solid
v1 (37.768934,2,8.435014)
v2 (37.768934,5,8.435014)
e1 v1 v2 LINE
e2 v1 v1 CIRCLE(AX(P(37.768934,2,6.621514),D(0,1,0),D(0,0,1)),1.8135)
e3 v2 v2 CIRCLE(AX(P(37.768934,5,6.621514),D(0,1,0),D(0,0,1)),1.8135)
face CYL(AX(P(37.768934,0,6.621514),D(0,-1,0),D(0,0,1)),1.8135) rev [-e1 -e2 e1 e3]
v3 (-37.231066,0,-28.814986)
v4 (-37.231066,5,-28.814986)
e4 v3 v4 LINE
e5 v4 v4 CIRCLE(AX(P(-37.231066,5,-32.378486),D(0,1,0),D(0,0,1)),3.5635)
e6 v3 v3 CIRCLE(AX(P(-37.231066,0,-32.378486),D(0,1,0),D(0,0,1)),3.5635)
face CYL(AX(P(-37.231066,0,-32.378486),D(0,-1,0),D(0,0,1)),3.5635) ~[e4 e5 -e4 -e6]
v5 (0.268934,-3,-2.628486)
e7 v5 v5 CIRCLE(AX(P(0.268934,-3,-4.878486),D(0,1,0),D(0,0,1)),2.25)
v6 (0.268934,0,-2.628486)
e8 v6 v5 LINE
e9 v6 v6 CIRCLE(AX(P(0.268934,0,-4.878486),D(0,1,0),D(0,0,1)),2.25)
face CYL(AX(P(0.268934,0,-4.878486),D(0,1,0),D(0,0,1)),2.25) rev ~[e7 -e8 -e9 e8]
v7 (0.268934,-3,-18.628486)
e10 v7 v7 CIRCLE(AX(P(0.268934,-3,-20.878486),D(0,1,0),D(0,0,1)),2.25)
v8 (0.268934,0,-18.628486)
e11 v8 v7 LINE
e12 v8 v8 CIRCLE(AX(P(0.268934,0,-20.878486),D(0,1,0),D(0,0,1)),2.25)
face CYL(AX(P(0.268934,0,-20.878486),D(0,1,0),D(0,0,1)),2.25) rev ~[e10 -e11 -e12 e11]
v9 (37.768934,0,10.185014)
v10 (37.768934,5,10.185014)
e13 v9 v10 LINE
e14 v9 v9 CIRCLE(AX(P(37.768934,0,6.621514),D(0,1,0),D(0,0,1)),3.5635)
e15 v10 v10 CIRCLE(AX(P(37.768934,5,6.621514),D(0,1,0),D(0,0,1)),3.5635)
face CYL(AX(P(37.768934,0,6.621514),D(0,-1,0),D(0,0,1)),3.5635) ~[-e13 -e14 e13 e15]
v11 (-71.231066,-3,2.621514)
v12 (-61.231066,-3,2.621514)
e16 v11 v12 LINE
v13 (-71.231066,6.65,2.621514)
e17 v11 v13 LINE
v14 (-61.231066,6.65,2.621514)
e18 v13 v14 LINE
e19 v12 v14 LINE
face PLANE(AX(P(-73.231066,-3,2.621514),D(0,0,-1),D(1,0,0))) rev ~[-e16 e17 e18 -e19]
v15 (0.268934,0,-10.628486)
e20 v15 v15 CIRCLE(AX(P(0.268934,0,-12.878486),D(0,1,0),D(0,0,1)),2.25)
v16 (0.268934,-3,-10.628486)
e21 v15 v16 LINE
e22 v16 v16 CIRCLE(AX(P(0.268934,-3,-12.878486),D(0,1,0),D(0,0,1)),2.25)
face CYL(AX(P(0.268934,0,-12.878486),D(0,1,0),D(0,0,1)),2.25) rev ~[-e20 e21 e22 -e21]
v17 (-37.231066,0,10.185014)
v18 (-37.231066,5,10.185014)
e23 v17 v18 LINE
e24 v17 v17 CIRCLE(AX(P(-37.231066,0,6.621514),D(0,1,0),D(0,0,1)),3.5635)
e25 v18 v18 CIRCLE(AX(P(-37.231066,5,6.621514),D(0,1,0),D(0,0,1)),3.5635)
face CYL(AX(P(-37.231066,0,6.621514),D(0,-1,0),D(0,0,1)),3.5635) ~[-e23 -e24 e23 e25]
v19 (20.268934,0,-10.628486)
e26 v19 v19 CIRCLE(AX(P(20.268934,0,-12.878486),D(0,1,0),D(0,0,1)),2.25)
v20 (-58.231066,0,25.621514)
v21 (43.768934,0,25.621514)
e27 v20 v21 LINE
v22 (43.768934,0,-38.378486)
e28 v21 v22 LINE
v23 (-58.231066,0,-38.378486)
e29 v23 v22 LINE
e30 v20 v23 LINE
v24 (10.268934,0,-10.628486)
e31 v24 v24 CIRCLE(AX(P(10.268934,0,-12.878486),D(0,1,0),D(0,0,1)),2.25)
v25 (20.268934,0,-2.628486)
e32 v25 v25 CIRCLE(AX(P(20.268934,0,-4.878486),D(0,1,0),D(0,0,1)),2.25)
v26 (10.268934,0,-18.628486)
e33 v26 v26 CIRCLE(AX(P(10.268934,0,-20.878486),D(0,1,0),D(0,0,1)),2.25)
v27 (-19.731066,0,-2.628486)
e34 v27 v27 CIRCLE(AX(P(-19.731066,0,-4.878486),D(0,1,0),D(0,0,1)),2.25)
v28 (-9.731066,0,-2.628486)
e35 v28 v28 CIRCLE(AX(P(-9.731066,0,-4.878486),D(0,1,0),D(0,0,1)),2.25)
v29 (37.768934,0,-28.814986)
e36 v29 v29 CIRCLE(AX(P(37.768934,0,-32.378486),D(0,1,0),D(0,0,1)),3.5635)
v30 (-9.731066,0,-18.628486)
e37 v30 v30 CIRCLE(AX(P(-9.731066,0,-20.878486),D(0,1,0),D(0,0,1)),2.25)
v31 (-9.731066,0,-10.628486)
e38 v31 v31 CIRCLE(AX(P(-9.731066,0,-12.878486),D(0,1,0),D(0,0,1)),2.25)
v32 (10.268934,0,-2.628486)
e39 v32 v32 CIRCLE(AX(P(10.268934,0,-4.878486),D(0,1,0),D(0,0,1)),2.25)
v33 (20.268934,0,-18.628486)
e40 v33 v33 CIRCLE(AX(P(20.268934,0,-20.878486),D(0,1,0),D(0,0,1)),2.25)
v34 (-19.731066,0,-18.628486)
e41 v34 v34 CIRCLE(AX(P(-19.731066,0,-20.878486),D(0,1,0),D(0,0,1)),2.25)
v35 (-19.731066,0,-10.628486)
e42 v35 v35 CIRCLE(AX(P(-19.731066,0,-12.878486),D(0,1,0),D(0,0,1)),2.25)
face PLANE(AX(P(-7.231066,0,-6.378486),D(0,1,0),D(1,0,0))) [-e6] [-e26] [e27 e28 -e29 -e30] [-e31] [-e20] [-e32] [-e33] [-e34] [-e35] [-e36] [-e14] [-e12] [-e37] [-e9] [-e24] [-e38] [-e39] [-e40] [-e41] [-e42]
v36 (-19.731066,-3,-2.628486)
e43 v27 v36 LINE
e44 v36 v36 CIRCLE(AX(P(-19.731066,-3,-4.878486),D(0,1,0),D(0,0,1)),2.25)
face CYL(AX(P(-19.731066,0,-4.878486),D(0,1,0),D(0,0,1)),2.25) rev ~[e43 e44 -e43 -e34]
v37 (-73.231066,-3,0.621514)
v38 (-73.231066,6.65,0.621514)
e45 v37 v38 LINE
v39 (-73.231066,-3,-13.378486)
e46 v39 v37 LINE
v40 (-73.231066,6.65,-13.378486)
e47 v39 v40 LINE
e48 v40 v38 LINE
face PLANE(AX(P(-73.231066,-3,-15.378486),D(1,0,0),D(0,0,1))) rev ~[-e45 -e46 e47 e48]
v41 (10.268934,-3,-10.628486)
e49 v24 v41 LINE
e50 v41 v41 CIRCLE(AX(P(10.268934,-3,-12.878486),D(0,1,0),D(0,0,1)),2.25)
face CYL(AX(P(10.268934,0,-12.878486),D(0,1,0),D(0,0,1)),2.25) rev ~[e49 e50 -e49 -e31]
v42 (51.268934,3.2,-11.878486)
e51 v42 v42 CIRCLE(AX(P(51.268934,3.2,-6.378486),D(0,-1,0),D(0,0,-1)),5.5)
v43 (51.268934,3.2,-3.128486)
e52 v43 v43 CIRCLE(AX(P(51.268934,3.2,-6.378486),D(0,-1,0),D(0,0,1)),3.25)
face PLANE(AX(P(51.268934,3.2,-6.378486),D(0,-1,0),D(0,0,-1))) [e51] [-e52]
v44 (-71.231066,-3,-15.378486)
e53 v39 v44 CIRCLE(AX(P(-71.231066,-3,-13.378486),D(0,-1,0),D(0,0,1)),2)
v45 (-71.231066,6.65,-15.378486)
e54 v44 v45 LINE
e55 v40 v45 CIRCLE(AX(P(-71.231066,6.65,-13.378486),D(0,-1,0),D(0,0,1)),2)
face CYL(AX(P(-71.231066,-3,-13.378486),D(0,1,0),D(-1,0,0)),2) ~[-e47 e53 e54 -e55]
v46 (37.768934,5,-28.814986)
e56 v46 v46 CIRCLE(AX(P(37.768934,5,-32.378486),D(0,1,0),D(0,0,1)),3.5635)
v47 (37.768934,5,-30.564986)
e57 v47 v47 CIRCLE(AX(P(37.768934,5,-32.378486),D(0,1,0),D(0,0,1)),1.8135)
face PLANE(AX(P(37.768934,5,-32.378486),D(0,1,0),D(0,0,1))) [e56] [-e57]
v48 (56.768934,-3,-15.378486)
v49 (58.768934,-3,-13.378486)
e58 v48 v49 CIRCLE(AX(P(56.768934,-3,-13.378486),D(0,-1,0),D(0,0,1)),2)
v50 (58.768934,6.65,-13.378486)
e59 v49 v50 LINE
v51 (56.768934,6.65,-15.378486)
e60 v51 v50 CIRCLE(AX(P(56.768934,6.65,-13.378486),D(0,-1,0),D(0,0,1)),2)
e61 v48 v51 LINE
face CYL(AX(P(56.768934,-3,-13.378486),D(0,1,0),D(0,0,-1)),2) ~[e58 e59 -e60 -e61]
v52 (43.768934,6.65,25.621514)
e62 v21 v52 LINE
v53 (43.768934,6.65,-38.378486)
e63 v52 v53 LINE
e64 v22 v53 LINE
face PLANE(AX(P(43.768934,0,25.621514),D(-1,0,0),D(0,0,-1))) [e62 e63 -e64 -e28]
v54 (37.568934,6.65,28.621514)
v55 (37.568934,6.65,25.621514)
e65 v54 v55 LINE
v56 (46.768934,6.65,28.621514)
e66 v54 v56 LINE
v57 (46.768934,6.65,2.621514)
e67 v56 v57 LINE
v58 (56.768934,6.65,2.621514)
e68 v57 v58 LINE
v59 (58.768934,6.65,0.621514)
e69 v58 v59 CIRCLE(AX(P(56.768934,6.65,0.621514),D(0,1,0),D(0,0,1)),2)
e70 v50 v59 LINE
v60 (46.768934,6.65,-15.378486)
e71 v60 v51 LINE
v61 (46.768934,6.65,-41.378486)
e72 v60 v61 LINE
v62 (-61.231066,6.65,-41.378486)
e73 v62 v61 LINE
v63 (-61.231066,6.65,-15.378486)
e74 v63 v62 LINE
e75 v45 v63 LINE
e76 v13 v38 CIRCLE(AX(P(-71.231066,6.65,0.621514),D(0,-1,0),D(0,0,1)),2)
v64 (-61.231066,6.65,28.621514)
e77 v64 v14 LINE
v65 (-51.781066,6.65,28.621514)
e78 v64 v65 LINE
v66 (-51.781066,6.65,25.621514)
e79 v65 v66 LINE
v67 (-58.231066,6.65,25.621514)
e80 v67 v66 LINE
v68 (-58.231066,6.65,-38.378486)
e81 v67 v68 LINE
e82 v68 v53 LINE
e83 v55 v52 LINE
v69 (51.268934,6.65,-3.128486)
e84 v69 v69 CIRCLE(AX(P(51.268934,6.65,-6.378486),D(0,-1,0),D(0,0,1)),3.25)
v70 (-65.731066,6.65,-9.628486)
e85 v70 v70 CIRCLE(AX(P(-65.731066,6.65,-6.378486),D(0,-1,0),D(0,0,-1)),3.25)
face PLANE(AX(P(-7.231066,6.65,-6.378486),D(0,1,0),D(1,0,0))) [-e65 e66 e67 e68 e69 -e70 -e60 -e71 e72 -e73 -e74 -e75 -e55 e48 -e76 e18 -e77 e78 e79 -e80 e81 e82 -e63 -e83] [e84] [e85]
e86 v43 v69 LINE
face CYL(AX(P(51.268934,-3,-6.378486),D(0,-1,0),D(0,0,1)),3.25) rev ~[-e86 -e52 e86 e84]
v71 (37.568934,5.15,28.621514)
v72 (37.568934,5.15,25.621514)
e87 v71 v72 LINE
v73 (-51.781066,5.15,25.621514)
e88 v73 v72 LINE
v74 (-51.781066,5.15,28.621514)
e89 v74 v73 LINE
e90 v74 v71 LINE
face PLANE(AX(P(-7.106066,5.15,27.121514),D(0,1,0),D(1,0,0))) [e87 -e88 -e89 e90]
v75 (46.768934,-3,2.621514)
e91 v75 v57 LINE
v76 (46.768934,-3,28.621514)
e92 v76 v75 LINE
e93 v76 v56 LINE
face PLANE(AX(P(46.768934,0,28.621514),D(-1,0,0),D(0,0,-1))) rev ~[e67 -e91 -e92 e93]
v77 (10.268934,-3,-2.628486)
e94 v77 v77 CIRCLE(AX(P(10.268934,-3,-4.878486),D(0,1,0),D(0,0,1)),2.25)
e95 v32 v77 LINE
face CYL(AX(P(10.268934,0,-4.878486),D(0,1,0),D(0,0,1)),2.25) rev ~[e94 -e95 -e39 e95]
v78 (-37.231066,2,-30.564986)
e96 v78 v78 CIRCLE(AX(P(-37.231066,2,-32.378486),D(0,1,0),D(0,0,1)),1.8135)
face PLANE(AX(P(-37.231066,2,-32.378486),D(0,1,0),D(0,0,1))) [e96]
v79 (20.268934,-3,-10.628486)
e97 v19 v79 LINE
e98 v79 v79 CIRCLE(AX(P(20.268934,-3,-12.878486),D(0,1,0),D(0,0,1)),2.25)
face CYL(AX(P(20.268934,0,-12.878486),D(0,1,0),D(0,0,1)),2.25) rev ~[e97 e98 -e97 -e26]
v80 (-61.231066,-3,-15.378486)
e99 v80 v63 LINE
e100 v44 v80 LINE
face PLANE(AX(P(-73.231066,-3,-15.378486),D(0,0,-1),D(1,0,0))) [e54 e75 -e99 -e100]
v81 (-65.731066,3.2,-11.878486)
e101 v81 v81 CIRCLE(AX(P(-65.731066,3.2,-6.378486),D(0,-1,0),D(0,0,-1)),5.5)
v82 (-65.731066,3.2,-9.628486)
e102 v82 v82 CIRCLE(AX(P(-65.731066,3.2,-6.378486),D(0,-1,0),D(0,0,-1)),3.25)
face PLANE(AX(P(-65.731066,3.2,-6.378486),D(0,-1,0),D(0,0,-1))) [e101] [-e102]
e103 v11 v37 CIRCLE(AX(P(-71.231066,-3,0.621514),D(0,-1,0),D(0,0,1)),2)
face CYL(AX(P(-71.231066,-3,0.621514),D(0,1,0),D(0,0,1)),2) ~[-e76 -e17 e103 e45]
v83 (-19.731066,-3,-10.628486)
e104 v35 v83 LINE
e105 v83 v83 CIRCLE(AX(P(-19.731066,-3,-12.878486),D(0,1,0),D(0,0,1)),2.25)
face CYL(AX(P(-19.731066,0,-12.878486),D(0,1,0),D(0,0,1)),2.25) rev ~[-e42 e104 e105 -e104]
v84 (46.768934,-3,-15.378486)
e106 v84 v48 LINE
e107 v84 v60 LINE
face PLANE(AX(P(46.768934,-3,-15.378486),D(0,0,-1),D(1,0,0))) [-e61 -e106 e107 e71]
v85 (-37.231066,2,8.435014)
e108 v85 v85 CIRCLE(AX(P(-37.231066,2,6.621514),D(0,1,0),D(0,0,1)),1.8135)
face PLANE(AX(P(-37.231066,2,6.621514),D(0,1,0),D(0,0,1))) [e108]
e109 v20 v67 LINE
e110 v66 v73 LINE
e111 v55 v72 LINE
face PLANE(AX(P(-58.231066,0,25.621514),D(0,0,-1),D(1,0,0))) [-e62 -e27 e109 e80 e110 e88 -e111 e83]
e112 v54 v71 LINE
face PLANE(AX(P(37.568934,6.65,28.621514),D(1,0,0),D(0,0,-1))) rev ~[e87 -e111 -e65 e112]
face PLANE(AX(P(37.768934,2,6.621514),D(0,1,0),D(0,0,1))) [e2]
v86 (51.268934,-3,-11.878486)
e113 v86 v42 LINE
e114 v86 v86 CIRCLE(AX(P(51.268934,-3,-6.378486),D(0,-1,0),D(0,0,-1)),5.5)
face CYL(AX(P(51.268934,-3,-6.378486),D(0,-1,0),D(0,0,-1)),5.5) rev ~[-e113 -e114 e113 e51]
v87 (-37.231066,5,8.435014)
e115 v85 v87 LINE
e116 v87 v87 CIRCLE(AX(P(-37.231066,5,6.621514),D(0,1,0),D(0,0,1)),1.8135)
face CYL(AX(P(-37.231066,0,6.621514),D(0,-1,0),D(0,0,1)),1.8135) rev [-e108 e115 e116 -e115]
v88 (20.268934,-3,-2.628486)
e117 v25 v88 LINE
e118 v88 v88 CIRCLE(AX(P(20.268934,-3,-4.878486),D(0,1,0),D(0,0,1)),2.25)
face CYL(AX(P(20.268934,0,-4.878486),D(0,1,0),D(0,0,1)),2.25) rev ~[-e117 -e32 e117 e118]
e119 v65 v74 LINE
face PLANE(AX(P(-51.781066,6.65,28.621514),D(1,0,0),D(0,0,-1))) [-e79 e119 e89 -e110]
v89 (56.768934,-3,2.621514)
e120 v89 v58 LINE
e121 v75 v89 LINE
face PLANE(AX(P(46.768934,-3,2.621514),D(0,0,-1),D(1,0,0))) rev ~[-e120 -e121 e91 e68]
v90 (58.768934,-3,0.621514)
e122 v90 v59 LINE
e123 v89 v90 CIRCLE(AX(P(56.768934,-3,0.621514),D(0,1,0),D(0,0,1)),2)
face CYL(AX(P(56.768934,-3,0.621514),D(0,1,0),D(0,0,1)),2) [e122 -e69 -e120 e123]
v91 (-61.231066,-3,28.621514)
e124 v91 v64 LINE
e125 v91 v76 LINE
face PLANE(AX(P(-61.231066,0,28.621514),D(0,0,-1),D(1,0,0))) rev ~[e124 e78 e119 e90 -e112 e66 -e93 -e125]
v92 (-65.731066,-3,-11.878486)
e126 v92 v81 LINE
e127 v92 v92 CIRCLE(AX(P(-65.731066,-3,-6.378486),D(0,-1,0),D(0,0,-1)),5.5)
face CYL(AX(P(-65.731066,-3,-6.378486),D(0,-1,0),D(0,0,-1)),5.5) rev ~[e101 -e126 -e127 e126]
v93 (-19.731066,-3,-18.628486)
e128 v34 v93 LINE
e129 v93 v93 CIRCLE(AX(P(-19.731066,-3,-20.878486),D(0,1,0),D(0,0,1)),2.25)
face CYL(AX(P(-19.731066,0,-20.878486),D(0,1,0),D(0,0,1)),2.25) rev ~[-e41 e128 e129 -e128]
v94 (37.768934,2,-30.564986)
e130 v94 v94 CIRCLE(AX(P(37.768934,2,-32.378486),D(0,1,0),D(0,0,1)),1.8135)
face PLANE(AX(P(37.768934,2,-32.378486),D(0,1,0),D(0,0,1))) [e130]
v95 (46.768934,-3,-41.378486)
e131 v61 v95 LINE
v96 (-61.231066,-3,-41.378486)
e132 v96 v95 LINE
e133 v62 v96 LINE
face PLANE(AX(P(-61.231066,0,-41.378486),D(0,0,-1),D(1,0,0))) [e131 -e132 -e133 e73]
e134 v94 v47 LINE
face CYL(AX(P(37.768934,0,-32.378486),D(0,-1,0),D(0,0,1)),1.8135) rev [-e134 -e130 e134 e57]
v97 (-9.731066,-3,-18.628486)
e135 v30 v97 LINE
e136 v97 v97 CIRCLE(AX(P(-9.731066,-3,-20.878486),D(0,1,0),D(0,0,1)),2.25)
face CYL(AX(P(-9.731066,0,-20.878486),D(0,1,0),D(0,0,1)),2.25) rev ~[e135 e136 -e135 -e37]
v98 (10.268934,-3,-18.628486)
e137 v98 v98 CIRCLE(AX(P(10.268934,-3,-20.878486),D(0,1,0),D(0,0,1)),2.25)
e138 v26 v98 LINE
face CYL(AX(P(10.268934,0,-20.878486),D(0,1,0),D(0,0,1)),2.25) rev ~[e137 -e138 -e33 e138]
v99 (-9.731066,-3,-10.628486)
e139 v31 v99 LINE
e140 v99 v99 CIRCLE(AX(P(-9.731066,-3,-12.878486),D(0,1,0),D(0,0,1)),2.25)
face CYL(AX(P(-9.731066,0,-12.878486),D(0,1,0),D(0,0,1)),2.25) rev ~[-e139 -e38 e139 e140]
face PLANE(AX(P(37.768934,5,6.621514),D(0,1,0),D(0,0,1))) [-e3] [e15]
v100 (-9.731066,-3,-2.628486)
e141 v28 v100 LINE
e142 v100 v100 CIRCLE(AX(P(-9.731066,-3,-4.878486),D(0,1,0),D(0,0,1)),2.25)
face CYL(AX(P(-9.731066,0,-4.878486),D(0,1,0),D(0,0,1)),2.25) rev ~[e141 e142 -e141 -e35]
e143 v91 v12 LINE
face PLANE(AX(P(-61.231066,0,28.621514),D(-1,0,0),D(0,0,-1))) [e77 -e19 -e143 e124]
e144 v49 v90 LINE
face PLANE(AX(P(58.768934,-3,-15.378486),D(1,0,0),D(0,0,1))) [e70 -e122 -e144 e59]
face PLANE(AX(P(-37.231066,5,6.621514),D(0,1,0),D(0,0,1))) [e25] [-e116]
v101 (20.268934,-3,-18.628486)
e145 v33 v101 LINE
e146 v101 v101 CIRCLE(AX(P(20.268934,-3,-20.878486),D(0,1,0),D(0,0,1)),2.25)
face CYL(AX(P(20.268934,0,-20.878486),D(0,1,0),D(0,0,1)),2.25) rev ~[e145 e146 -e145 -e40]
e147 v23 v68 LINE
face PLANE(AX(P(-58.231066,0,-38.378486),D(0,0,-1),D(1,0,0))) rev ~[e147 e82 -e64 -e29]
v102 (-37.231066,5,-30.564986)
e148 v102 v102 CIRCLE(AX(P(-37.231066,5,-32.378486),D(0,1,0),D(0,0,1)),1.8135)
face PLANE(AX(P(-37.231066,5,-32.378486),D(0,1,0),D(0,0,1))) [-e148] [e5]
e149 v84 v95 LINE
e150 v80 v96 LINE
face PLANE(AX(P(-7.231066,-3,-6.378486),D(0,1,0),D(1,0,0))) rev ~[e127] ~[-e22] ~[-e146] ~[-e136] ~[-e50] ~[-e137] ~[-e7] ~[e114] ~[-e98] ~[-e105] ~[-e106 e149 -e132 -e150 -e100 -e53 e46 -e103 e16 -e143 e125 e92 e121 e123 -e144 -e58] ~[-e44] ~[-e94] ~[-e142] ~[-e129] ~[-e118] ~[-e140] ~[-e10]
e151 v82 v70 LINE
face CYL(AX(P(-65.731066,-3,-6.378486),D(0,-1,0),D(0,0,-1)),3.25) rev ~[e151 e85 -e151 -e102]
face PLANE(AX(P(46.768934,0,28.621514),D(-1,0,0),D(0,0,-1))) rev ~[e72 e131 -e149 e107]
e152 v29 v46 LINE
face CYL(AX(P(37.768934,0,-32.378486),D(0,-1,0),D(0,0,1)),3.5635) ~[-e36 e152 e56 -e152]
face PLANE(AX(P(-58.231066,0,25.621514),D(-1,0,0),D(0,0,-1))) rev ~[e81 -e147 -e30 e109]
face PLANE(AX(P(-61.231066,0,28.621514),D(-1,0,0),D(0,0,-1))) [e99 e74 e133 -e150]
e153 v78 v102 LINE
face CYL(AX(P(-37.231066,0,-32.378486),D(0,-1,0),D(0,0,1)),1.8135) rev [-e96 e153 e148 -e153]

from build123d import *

# Parameters (mm, degrees)
SKETCH2_W           = 108
SKETCH2_H           = 70
SKETCH2_R           = 2.25
BOSS_EXTRUDE1_DEPTH = 3
SKETCH5_R           = 3.5635
SKETCH5_R_2         = 1.8135
BOSS_EXTRUDE2_DEPTH = 5
SKETCH6_R           = 1.8135
BOSS_EXTRUDE3_DEPTH = 2
SKETCH7_W           = 108
SKETCH7_H           = 70
SKETCH7_W_2         = 102
SKETCH7_H_2         = 64
BOSS_EXTRUDE4_DEPTH = 6.65
SKETCH9_W           = 89.35
SKETCH9_H           = 3
CUT_EXTRUDE1_DEPTH  = 1.5
SKETCH11_W          = 12
SKETCH11_H          = 18
SKETCH11_R          = 3.25
BOSS_EXTRUDE5_DEPTH = 9.65
FILLET1_R           = 2
SKETCH12_R          = 5.5
CUT_EXTRUDE2_DEPTH  = 6.2


with BuildPart() as part:
    # Sketch2 → Boss-Extrude1 (new body)
    with BuildSketch(Plane(origin=(0, 0, 0), x_dir=(1, 0, 0), z_dir=(0, 1, 0))):
        with Locations((-7.231065886, 6.378485879)):
            Rectangle(SKETCH2_W, SKETCH2_H)
        with Locations(Location((20.268934114, 4.878485879, 0), (0, 0, 270))):
            Circle(SKETCH2_R, mode=Mode.SUBTRACT)
        with Locations(Location((10.268934114, 4.878485879, 0), (0, 0, 270))):
            Circle(SKETCH2_R, mode=Mode.SUBTRACT)
        with Locations(Location((0.268934114, 4.878485879, 0), (0, 0, 270))):
            Circle(SKETCH2_R, mode=Mode.SUBTRACT)
        with Locations(Location((10.268934114, 12.878485879, 0), (0, 0, 270))):
            Circle(SKETCH2_R, mode=Mode.SUBTRACT)
        with Locations(Location((0.268934114, 12.878485879, 0), (0, 0, 270))):
            Circle(SKETCH2_R, mode=Mode.SUBTRACT)
        with Locations(Location((10.268934114, 20.878485879, 0), (0, 0, 270))):
            Circle(SKETCH2_R, mode=Mode.SUBTRACT)
        with Locations(Location((0.268934114, 20.878485879, 0), (0, 0, 270))):
            Circle(SKETCH2_R, mode=Mode.SUBTRACT)
        with Locations(Location((20.268934114, 12.878485879, 0), (0, 0, 270))):
            Circle(SKETCH2_R, mode=Mode.SUBTRACT)
        with Locations(Location((20.268934114, 20.878485879, 0), (0, 0, 270))):
            Circle(SKETCH2_R, mode=Mode.SUBTRACT)
        with Locations(Location((-9.731065886, 4.878485879, 0), (0, 0, 270))):
            Circle(SKETCH2_R, mode=Mode.SUBTRACT)
        with Locations(Location((-9.731065886, 12.878485879, 0), (0, 0, 270))):
            Circle(SKETCH2_R, mode=Mode.SUBTRACT)
        with Locations(Location((-9.731065886, 20.878485879, 0), (0, 0, 270))):
            Circle(SKETCH2_R, mode=Mode.SUBTRACT)
        with Locations(Location((-19.731065886, 4.878485879, 0), (0, 0, 270))):
            Circle(SKETCH2_R, mode=Mode.SUBTRACT)
        with Locations(Location((-19.731065886, 12.878485879, 0), (0, 0, 270))):
            Circle(SKETCH2_R, mode=Mode.SUBTRACT)
        with Locations(Location((-19.731065886, 20.878485879, 0), (0, 0, 270))):
            Circle(SKETCH2_R, mode=Mode.SUBTRACT)
    extrude(amount=-BOSS_EXTRUDE1_DEPTH)

    # Sketch5 → Boss-Extrude2 (add)
    # profile 1 of 4: a face of its own
    with BuildSketch(Plane(origin=(0, 0, 0), x_dir=(1, 0, 0), z_dir=(0, 1, 0))):
        with Locations(Location((-37.231065886, 32.378485879, 0), (0, 0, 270))):
            Circle(SKETCH5_R)
        with Locations(Location((-37.231065886, 32.378485879, 0), (0, 0, 270))):
            Circle(SKETCH5_R_2, mode=Mode.SUBTRACT)
    # profile 2 of 4: a face of its own
    with BuildSketch(Plane(origin=(0, 0, 0), x_dir=(1, 0, 0), z_dir=(0, 1, 0))):
        with Locations(Location((37.768934114, 32.378485879, 0), (0, 0, 270))):
            Circle(SKETCH5_R)
        with Locations(Location((37.768934114, 32.378485879, 0), (0, 0, 270))):
            Circle(SKETCH5_R_2, mode=Mode.SUBTRACT)
    # profile 3 of 4: a face of its own
    with BuildSketch(Plane(origin=(0, 0, 0), x_dir=(1, 0, 0), z_dir=(0, 1, 0))):
        with Locations(Location((37.768934114, -6.621514121, 0), (0, 0, 270))):
            Circle(SKETCH5_R)
        with Locations(Location((37.768934114, -6.621514121, 0), (0, 0, 270))):
            Circle(SKETCH5_R_2, mode=Mode.SUBTRACT)
    # profile 4 of 4: a face of its own
    with BuildSketch(Plane(origin=(0, 0, 0), x_dir=(1, 0, 0), z_dir=(0, 1, 0))):
        with Locations(Location((-37.231065886, -6.621514121, 0), (0, 0, 270))):
            Circle(SKETCH5_R)
        with Locations(Location((-37.231065886, -6.621514121, 0), (0, 0, 270))):
            Circle(SKETCH5_R_2, mode=Mode.SUBTRACT)
    extrude(amount=BOSS_EXTRUDE2_DEPTH)

    # Sketch6 → Boss-Extrude3 (add)
    with BuildSketch(Plane(origin=(0, 0, 0), x_dir=(1, 0, 0), z_dir=(0, 1, 0))):
        with Locations(Location((-37.231065886, 32.378485879, 0), (0, 0, 270))):
            Circle(SKETCH6_R)
        with Locations(Location((37.768934114, 32.378485879, 0), (0, 0, 270))):
            Circle(SKETCH6_R)
        with Locations(Location((37.768934114, -6.621514121, 0), (0, 0, 270))):
            Circle(SKETCH6_R)
        with Locations(Location((-37.231065886, -6.621514121, 0), (0, 0, 270))):
            Circle(SKETCH6_R)
    extrude(amount=BOSS_EXTRUDE3_DEPTH)

    # Sketch7 → Boss-Extrude4 (add)
    with BuildSketch(Plane(origin=(0, 0, 0), x_dir=(1, 0, 0), z_dir=(0, 1, 0))):
        with Locations((-7.231065886, 6.378485879)):
            Rectangle(SKETCH7_W, SKETCH7_H)
        with Locations((-7.231065886, 6.378485879)):
            Rectangle(SKETCH7_W_2, SKETCH7_H_2, mode=Mode.SUBTRACT)
    extrude(amount=BOSS_EXTRUDE4_DEPTH)

    # Sketch9 → Cut-Extrude1 (cut)
    with BuildSketch(Plane(origin=(0, 6.65, 0), x_dir=(1, 0, 0), z_dir=(0, 1, 0))):
        with Locations((-7.106065886, -27.121514121)):
            Rectangle(SKETCH9_W, SKETCH9_H)
    extrude(amount=-CUT_EXTRUDE1_DEPTH, mode=Mode.SUBTRACT)

    # Sketch11 → Boss-Extrude5 (add)
    # profile 1 of 2: a face of its own
    with BuildSketch(Plane.XZ.offset(3)):
        with Locations((-67.231065886, -6.378485879)):
            Rectangle(SKETCH11_W, SKETCH11_H)
        with Locations(Location((-65.731065886, -6.378485879, 0), (0, 0, 270))):
            Circle(SKETCH11_R, mode=Mode.SUBTRACT)
    # profile 2 of 2: a face of its own
    with BuildSketch(Plane.XZ.offset(3)):
        with Locations((52.768934114, -6.378485879)):
            Rectangle(SKETCH11_W, SKETCH11_H)
        with Locations(Location((51.268934114, -6.378485879, 0), (0, 0, 90))):
            Circle(SKETCH11_R, mode=Mode.SUBTRACT)
    extrude(amount=-BOSS_EXTRUDE5_DEPTH)

    # Fillet1
    fillet1_edges = [part.edges().sort_by_distance(p)[0] for p in [
        (-73.231065886, 1.825, -15.378485879),
        (-73.231065886, 1.825, 2.621514121),
        (58.768934114, 1.825, 2.621514121),
        (58.768934114, 1.825, -15.378485879),
    ]]
    fillet(fillet1_edges, radius=FILLET1_R)

    # Sketch12 → Cut-Extrude2 (cut)
    with BuildSketch(Plane.XZ.offset(3)):
        with Locations(Location((-65.731065886, -6.378485879, 0), (0, 0, 270))):
            Circle(SKETCH12_R)
        with Locations(Location((51.268934114, -6.378485879, 0), (0, 0, 270))):
            Circle(SKETCH12_R)
    extrude(amount=-CUT_EXTRUDE2_DEPTH, mode=Mode.SUBTRACT)


solid = part.part
